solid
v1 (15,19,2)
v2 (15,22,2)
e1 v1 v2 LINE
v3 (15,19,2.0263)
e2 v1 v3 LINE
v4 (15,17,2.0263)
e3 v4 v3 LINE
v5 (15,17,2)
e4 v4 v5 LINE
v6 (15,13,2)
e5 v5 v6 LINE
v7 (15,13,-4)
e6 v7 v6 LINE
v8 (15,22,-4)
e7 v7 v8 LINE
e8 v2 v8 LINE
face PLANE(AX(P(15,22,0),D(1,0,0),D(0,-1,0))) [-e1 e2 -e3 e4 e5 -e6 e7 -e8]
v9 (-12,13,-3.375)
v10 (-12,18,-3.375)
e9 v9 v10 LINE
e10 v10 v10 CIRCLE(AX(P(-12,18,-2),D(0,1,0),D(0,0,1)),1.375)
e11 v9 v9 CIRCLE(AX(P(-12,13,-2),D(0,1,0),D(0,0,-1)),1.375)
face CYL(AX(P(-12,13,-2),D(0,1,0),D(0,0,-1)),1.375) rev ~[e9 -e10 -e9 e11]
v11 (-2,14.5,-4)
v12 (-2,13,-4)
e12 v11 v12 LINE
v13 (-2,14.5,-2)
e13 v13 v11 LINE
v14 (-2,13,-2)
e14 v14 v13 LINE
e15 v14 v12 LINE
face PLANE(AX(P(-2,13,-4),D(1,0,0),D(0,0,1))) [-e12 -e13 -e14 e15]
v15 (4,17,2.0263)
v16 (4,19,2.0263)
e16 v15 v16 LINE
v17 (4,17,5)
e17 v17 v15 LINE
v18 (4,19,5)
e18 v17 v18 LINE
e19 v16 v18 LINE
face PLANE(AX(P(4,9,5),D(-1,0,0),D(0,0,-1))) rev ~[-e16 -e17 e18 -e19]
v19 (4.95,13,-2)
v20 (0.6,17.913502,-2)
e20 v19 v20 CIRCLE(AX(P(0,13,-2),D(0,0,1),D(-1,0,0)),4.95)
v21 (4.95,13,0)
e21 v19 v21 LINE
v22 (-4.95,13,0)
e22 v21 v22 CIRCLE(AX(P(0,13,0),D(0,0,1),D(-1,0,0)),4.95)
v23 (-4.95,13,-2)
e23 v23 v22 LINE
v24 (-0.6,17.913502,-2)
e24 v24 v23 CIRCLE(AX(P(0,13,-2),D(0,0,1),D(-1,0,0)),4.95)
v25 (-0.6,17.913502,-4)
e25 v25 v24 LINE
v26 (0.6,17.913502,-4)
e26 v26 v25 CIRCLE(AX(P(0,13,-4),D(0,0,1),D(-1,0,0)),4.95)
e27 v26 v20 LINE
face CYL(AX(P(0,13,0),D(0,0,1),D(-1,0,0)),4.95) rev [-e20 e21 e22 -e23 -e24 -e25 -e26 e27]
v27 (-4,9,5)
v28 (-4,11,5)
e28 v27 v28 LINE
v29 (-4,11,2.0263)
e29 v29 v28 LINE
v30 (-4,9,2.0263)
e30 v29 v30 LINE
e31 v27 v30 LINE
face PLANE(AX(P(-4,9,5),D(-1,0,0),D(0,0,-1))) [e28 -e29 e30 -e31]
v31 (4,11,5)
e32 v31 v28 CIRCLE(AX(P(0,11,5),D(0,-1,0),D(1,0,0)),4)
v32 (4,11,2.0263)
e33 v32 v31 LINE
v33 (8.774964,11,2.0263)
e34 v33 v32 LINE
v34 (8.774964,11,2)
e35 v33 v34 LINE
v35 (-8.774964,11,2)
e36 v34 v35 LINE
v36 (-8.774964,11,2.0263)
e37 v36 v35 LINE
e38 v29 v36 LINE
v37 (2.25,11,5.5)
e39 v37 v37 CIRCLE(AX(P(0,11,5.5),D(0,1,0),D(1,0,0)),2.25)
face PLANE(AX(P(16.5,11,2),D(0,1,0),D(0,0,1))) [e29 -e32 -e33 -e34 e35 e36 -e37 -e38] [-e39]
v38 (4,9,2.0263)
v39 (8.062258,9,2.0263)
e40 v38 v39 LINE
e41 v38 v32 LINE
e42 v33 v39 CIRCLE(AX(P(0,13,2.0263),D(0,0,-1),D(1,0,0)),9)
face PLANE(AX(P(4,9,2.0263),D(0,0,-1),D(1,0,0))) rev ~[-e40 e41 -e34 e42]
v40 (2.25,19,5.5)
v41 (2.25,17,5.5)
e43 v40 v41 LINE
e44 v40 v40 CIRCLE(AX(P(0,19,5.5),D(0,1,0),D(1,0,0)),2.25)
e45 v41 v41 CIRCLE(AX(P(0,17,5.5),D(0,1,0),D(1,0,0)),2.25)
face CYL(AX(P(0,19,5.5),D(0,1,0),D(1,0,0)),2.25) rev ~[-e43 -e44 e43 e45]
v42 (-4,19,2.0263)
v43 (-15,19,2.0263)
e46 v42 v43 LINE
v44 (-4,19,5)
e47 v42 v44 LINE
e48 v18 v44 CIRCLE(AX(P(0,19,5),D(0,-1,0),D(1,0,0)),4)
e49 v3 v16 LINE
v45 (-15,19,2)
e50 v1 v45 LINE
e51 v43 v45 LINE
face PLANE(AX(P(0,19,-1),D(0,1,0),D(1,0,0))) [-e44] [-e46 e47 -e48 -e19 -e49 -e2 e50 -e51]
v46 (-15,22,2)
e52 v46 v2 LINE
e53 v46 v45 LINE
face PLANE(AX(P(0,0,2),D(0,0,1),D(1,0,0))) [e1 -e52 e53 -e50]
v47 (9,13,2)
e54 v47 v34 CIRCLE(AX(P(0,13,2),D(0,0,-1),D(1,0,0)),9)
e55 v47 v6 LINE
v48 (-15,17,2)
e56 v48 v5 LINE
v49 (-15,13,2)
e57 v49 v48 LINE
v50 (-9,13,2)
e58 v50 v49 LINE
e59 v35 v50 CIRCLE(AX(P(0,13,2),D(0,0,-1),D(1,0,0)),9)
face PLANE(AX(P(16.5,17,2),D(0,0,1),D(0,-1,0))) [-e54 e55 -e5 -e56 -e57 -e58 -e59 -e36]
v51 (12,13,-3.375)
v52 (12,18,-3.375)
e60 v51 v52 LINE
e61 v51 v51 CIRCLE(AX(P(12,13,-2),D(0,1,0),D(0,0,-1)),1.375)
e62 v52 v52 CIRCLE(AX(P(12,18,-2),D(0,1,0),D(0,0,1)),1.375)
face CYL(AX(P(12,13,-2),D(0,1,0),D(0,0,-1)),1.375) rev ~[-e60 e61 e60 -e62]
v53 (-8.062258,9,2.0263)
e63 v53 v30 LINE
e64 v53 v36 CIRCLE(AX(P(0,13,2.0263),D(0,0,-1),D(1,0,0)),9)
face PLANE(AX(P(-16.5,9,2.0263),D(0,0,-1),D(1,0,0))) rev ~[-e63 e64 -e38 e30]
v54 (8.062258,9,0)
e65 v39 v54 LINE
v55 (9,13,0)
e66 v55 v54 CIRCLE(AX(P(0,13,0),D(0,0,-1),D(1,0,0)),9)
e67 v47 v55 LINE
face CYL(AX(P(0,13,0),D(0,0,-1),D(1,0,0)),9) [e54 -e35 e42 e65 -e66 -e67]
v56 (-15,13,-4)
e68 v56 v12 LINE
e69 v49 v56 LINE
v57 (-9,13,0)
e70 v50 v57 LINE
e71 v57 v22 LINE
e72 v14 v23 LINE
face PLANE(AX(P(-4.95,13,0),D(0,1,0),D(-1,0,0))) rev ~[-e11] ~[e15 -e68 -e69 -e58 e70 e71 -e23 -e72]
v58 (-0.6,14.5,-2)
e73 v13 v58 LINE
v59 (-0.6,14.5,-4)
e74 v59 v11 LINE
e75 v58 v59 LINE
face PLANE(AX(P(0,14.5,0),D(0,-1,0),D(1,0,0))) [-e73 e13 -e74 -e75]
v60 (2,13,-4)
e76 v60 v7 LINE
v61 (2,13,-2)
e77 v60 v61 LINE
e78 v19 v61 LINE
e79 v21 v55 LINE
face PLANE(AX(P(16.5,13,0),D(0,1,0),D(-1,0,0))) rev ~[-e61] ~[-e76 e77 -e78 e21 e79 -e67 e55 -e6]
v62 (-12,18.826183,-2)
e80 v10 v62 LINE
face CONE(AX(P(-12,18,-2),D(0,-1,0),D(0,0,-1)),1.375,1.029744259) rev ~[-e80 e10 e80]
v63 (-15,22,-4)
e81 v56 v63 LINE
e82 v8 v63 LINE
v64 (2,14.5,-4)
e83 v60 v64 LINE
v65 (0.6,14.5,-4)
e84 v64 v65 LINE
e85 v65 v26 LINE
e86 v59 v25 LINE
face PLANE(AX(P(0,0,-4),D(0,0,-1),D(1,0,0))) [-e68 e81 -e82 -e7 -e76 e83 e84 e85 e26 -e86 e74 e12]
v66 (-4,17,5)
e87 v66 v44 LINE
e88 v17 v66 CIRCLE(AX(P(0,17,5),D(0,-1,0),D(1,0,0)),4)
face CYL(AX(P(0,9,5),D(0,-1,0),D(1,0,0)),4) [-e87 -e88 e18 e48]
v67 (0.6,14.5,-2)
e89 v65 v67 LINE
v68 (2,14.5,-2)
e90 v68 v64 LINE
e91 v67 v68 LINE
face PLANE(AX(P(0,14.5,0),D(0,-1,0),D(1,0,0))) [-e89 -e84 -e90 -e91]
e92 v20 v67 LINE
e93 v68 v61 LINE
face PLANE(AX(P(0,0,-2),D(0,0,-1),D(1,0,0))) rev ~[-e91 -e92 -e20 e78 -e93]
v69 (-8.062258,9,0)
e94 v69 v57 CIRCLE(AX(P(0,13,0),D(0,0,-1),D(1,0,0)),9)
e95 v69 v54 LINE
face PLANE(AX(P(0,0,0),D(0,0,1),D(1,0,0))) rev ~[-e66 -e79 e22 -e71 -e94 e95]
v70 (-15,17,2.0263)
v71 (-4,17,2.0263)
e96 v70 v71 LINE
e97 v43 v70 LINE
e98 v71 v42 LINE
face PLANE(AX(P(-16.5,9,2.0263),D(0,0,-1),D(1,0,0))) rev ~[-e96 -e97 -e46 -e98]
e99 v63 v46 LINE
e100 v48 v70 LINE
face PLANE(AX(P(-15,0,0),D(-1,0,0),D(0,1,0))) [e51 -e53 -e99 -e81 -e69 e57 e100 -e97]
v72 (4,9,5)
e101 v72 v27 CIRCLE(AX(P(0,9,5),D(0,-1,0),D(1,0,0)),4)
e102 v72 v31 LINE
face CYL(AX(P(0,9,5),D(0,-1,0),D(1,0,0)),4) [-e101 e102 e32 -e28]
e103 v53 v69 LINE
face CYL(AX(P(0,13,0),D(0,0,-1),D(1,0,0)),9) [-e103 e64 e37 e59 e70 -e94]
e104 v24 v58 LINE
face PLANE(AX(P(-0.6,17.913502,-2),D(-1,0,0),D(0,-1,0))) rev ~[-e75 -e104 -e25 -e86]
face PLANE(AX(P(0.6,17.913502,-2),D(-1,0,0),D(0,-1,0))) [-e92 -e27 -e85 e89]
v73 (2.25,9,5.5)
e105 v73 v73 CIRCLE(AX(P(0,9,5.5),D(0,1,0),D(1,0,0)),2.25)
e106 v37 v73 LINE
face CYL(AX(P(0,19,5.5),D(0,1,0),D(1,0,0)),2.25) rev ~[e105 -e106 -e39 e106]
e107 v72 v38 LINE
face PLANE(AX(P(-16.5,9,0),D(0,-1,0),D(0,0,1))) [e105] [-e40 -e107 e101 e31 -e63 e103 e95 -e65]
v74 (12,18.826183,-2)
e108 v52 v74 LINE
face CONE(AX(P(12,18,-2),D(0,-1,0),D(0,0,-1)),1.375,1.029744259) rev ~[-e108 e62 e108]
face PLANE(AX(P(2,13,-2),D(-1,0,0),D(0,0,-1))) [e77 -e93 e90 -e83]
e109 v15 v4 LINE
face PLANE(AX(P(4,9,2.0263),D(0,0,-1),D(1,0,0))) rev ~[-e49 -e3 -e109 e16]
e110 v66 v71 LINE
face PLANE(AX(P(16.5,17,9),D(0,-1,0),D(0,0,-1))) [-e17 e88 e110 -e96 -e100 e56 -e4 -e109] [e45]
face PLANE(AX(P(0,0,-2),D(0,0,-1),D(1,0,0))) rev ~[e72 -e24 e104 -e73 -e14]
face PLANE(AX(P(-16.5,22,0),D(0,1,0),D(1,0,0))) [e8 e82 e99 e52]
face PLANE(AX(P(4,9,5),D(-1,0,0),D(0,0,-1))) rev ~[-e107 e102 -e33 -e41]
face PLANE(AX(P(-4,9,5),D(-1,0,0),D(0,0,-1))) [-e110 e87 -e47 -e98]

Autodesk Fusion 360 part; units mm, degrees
sketch "スケッチ1" plane through (0, 0, 0) normal (0, 0, 1) x (1, 0, 0)
  line L0 (-16.5, 22) -> (16.5, 22)
  line L1 (16.5, 22) -> (16.5, 0)
  line L2 (16.5, 0) -> (-16.5, 0)
  line L3 (-16.5, 0) -> (-16.5, 22)
  dimension "d7" = 22
  dimension "d8" = 33
extrude "押し出し1" add sketch "スケッチ1" along normal blind 2
sketch "スケッチ3" plane through (0, 0, 0) normal (0, 0, -1) x (1, 0, 0)
  line L0 (16.5, 0) -> (-16.5, 0)
  line L1 (-16.5, 0) -> (-16.5, -22)
  line L2 (-16.5, -22) -> (16.5, -22)
  line L3 (16.5, -22) -> (16.5, 0)
  arc A0 (-4.95, -13) -> (4.95, -13) centre (0, -13) ccw
  line L4 (16.5, -13) -> (-16.5, -13)
  dimension "d9" = 9.9
  dimension "d10" = 9
extrude "押し出し2" add sketch "スケッチ3" along normal blind 2 contours L1 L2 L3 A0 L4
sketch "スケッチ4" plane through (0, 0, -2) normal (0, 0, -1) x (1, 0, 0)
  line L0 (-4.95, -13) -> (-16.5, -13)
  line L1 (-16.5, -13) -> (-16.5, -22)
  line L2 (-16.5, -22) -> (16.5, -22)
  line L3 (16.5, -22) -> (16.5, -13)
  line L4 (16.5, -13) -> (4.95, -13)
  arc A0 (-4.95, -13) -> (4.95, -13) centre (0, -13) ccw
  line L5 (16.5, -22) -> (0.6, -22)
  line L6 (0.6, -22) -> (0.6, -13)
  line L7 (0.6, -13) -> (16.5, -13)
  line L8 (16.5, -13) -> (16.5, -22)
  line L9 (-16.5, -22) -> (-0.6, -22)
  line L10 (-0.6, -22) -> (-0.6, -13)
  line L11 (-0.6, -13) -> (-16.5, -13)
  line L12 (-16.5, -13) -> (-16.5, -22)
  dimension "d13" = 1.2
extrude "押し出し3" add sketch "スケッチ4" along normal blind 2
sketch "スケッチ5" plane through (0, 0, 0) normal (0, 0, -1) x (1, 0, 0)
  line L0 (4.95, -13) -> (16.5, -13)
  line L1 (16.5, -13) -> (16.5, 0)
  line L2 (16.5, 0) -> (-16.5, 0)
  line L3 (-16.5, 0) -> (-16.5, -13)
  line L4 (-16.5, -13) -> (-4.95, -13)
  arc A0 (-4.95, -13) -> (4.95, -13) centre (0, -13) ccw
  line L5 (-3.75, 0) -> (3.75, 0)
  line L6 (3.75, 0) -> (3.75, -18)
  line L7 (3.75, -18) -> (-3.75, -18)
  line L8 (-3.75, -18) -> (-3.75, 0)
  line L9 (0, -1.75) -> (0, -22.5)
  line L10 (3.75, -7) -> (16.5, -7)
  line L11 (-3.75, -7) -> (-16.5, -7)
  dimension "d17" = 7.5
  dimension "d18" = 11
  dimension "d19" = 11
sketch "スケッチ9" plane through (0, 13, 0) normal (0, -1, 0) x (1, 0, 0)
  line L0 (-4.95, 0) -> (-16.5, 0)
  line L1 (-16.5, 0) -> (-16.5, -4)
  line L2 (-16.5, -4) -> (-0.6, -4)
  line L3 (-0.6, -4) -> (-0.6, -2)
  line L4 (-0.6, -2) -> (-4.95, -2)
  line L5 (-4.95, -2) -> (-4.95, 0)
  line L6 (-2, -2) -> (2, -2)
  line L7 (2, -2) -> (2, -4)
  line L8 (2, -4) -> (-2, -4)
  line L9 (-2, -4) -> (-2, -2)
  line L10 (16.5, -4) -> (0.6, -4)
  dimension "d37" = 4
  dimension "d38" = 2
extrude "押し出し7" cut sketch "スケッチ9" against normal blind 1.5 contours L2 L3 L4 L6 L8 L9 | L3 L6 L7 L8 L10
sketch "スケッチ11" plane through (0, 22, 0) normal (0, 1, 0) x (-1, 0, 0)
  line L0 (16.5, -4) -> (16.5, 2)
  line L1 (16.5, 2) -> (-16.5, 2)
  line L2 (-16.5, 2) -> (-16.5, -4)
  line L3 (-16.5, -4) -> (16.5, -4)
  line L4 (16.5, 2) -> (-13.5, 2)
  line L5 (-13.5, 2) -> (-13.5, 12)
  line L6 (-13.5, 12) -> (16.5, 12)
  line L7 (16.5, 12) -> (16.5, 2)
  dimension "d49" = 10
ref_plane "作業平面1" through (0, 11, -1) normal (0, 1, 0) x (-1, 0, 0)
sketch "スケッチ13" plane through (0, 11, -1) normal (0, 1, 0) x (1, 0, 0)
  line L0 (16.5, -10) -> (-16.5, -10)
  line L1 (-16.5, -10) -> (-16.5, -3)
  line L2 (-16.5, -3) -> (16.5, -3)
  line L3 (16.5, -3) -> (16.5, -10)
  line L4 (16.5, 3) -> (16.5, -3)
  line L5 (-16.5, 3) -> (-16.5, -3)
  circle A0 centre (0, -6.5) radius 2.25
  dimension "d53" = 7
  dimension "d54" = 4.5
  dimension "d58" = 3.5
extrude "押し出し11" add sketch "スケッチ13" along normal blind -2 and the other way blind -8
sketch "Sketch17" plane through (16.5, 0, 0) normal (1, 0, 0) x (0, 1, 0)
  line L0 (22, -4) -> (22, 2)
  line L1 (22, 2) -> (19, 2)
  line L2 (19, 2) -> (19, 9)
  line L3 (19, 9) -> (9, 9)
  line L4 (9, 9) -> (9, 2)
  line L5 (9, 2) -> (0, 2)
  line L6 (0, 2) -> (0, 0)
  line L7 (0, 0) -> (13, 0)
  line L8 (13, 0) -> (13, -4)
  line L9 (13, -4) -> (22, -4)
  line L10 (11, 9) -> (17, 9)
  line L11 (17, 9) -> (17, 2)
  line L12 (17, 2) -> (11, 2)
  line L13 (11, 2) -> (11, 9)
extrude "Extrude15" cut sketch "Sketch17" against normal blind 400 contours L3 L10 L11 L12 L13
sketch "Sketch18" plane through (-16.5, 0, 0) normal (-1, 0, 0) x (0, -1, 0)
  line L0 (-11, 9) -> (-11, 2)
  line L1 (-11, 2) -> (-17, 2)
  line L2 (-17, 2) -> (-17, 9)
  line L3 (-17, 9) -> (-19, 9)
  line L4 (-19, 9) -> (-19, 2)
  line L5 (-19, 2) -> (-22, 2)
  line L6 (-22, 2) -> (-22, -4)
  line L7 (-22, -4) -> (-13, -4)
  line L8 (-13, -4) -> (-13, 0)
  line L9 (-13, 0) -> (0, 0)
  line L10 (0, 0) -> (0, 2)
  line L11 (0, 2) -> (-9, 2)
  line L12 (-9, 2) -> (-9, 9)
  line L13 (-9, 9) -> (-11, 9)
  line L14 (-9, 2) -> (0, 2)
  line L15 (0, 2) -> (0, 0)
  line L16 (0, 0) -> (-9, 0)
  line L17 (-9, 0) -> (-9, 2)
extrude "Extrude16" cut sketch "Sketch18" against normal blind 34 contours L9 L10 L11 L14 L15 L16 L17
sketch "Sketch19" plane through (0, 13, 0) normal (0, -1, 0) x (1, 0, 0)
  line L0 (2, -2) -> (2, -4)
  line L1 (2, -4) -> (16.5, -4)
  line L2 (16.5, -4) -> (16.5, 0)
  line L3 (16.5, 0) -> (4.95, 0)
  line L4 (4.95, 0) -> (4.95, -2)
  line L5 (4.95, -2) -> (2, -2)
  line L6 (0.6, -2) -> (16.5, -2)
  line L7 (-0.6, -2) -> (-16.5, -2)
  point P0 (12, -2)
  point P1 (-12, -2)
hole "Hole1" at (-12, 13, -2) at (12, 13, -2) direction (0, 1, 0) diameter 2.75 depth 5 tip angle 118
sketch "Sketch20" plane through (0, 9, 0) normal (0, -1, 0) x (1, 0, 0)
  circle A0 centre (0, 5.5) radius 2.25
  line L0 (16.5, 0) -> (16.5, 9)
  line L1 (16.5, 9) -> (-16.5, 9)
  line L2 (-16.5, 9) -> (-16.5, 0)
  line L3 (-16.5, 0) -> (16.5, 0)
  circle A1 centre (0, 5) radius 4
  curve L4
  curve L5
  curve L6
  curve L7
  line L8 (-16.5, 2.0263) -> (16.5, 2.0263)
  line L9 (16.5, 2.0263) -> (16.5, 0)
  line L10 (16.5, 0) -> (-16.5, 0)
  line L11 (-16.5, 0) -> (-16.5, 2.0263)
  line L12 (-4, 5) -> (-4, 2.0263)
  line L13 (4, 5) -> (4, 2.0263)
  point P0 (-16.5, 2)
extrude "Extrude17" cut sketch "Sketch20" against normal blind 150 contours L0 L1 A1 L8 L13 | L1 L2 A1 L8 L12
sketch "Sketch21" plane through (0, 0, -4) normal (0, 0, -1) x (1, 0, 0)
  line L0 (2, -13) -> (2, -14.5)
  line L1 (2, -14.5) -> (0.6, -14.5)
  line L2 (0.6, -14.5) -> (0.6, -17.9135)
  arc A0 (-0.6, -17.9135) -> (0.6, -17.9135) centre (0, -13) ccw
  line L3 (-0.6, -17.9135) -> (-0.6, -14.5)
  line L4 (-0.6, -14.5) -> (-2, -14.5)
  line L5 (-2, -14.5) -> (-2, -13)
  line L6 (-2, -13) -> (-16.5, -13)
  line L7 (-16.5, -13) -> (-16.5, -22)
  line L8 (-16.5, -22) -> (16.5, -22)
  line L9 (16.5, -22) -> (16.5, -13)
  line L10 (16.5, -13) -> (2, -13)
sketch "Sketch22" plane through (0, 0, 0) normal (0, 0, -1) x (1, 0, 0)
  line L0 (16.5, -9) -> (-16.5, -9)
  line L1 (-16.5, -9) -> (-16.5, -13)
  line L2 (-16.5, -13) -> (-4.95, -13)
  arc A0 (-4.95, -13) -> (4.95, -13) centre (0, -13) ccw
  line L3 (4.95, -13) -> (16.5, -13)
  line L4 (16.5, -13) -> (16.5, -9)
  circle A1 centre (0, -13) radius 9
extrude "Extrude18" cut sketch "Sketch22" against normal blind 10 contours L0 L3 L4 A1 | L0 L1 L2 A1
move_face "OffsetFaces1" offset -1 1 faces at (16.5, 17.3333, -2)
move_face "OffsetFaces2" offset -0.5 1 faces at (15.5, 17.3333, -2)
move_face "OffsetFaces3" offset -1.5 1 faces at (-16.5, 17.3333, -2)
move_face "OffsetFaces4" offset 1 1 faces at (5, 22, 0)
move_face "OffsetFaces5" offset -1 1 faces at (5, 23, 0)
